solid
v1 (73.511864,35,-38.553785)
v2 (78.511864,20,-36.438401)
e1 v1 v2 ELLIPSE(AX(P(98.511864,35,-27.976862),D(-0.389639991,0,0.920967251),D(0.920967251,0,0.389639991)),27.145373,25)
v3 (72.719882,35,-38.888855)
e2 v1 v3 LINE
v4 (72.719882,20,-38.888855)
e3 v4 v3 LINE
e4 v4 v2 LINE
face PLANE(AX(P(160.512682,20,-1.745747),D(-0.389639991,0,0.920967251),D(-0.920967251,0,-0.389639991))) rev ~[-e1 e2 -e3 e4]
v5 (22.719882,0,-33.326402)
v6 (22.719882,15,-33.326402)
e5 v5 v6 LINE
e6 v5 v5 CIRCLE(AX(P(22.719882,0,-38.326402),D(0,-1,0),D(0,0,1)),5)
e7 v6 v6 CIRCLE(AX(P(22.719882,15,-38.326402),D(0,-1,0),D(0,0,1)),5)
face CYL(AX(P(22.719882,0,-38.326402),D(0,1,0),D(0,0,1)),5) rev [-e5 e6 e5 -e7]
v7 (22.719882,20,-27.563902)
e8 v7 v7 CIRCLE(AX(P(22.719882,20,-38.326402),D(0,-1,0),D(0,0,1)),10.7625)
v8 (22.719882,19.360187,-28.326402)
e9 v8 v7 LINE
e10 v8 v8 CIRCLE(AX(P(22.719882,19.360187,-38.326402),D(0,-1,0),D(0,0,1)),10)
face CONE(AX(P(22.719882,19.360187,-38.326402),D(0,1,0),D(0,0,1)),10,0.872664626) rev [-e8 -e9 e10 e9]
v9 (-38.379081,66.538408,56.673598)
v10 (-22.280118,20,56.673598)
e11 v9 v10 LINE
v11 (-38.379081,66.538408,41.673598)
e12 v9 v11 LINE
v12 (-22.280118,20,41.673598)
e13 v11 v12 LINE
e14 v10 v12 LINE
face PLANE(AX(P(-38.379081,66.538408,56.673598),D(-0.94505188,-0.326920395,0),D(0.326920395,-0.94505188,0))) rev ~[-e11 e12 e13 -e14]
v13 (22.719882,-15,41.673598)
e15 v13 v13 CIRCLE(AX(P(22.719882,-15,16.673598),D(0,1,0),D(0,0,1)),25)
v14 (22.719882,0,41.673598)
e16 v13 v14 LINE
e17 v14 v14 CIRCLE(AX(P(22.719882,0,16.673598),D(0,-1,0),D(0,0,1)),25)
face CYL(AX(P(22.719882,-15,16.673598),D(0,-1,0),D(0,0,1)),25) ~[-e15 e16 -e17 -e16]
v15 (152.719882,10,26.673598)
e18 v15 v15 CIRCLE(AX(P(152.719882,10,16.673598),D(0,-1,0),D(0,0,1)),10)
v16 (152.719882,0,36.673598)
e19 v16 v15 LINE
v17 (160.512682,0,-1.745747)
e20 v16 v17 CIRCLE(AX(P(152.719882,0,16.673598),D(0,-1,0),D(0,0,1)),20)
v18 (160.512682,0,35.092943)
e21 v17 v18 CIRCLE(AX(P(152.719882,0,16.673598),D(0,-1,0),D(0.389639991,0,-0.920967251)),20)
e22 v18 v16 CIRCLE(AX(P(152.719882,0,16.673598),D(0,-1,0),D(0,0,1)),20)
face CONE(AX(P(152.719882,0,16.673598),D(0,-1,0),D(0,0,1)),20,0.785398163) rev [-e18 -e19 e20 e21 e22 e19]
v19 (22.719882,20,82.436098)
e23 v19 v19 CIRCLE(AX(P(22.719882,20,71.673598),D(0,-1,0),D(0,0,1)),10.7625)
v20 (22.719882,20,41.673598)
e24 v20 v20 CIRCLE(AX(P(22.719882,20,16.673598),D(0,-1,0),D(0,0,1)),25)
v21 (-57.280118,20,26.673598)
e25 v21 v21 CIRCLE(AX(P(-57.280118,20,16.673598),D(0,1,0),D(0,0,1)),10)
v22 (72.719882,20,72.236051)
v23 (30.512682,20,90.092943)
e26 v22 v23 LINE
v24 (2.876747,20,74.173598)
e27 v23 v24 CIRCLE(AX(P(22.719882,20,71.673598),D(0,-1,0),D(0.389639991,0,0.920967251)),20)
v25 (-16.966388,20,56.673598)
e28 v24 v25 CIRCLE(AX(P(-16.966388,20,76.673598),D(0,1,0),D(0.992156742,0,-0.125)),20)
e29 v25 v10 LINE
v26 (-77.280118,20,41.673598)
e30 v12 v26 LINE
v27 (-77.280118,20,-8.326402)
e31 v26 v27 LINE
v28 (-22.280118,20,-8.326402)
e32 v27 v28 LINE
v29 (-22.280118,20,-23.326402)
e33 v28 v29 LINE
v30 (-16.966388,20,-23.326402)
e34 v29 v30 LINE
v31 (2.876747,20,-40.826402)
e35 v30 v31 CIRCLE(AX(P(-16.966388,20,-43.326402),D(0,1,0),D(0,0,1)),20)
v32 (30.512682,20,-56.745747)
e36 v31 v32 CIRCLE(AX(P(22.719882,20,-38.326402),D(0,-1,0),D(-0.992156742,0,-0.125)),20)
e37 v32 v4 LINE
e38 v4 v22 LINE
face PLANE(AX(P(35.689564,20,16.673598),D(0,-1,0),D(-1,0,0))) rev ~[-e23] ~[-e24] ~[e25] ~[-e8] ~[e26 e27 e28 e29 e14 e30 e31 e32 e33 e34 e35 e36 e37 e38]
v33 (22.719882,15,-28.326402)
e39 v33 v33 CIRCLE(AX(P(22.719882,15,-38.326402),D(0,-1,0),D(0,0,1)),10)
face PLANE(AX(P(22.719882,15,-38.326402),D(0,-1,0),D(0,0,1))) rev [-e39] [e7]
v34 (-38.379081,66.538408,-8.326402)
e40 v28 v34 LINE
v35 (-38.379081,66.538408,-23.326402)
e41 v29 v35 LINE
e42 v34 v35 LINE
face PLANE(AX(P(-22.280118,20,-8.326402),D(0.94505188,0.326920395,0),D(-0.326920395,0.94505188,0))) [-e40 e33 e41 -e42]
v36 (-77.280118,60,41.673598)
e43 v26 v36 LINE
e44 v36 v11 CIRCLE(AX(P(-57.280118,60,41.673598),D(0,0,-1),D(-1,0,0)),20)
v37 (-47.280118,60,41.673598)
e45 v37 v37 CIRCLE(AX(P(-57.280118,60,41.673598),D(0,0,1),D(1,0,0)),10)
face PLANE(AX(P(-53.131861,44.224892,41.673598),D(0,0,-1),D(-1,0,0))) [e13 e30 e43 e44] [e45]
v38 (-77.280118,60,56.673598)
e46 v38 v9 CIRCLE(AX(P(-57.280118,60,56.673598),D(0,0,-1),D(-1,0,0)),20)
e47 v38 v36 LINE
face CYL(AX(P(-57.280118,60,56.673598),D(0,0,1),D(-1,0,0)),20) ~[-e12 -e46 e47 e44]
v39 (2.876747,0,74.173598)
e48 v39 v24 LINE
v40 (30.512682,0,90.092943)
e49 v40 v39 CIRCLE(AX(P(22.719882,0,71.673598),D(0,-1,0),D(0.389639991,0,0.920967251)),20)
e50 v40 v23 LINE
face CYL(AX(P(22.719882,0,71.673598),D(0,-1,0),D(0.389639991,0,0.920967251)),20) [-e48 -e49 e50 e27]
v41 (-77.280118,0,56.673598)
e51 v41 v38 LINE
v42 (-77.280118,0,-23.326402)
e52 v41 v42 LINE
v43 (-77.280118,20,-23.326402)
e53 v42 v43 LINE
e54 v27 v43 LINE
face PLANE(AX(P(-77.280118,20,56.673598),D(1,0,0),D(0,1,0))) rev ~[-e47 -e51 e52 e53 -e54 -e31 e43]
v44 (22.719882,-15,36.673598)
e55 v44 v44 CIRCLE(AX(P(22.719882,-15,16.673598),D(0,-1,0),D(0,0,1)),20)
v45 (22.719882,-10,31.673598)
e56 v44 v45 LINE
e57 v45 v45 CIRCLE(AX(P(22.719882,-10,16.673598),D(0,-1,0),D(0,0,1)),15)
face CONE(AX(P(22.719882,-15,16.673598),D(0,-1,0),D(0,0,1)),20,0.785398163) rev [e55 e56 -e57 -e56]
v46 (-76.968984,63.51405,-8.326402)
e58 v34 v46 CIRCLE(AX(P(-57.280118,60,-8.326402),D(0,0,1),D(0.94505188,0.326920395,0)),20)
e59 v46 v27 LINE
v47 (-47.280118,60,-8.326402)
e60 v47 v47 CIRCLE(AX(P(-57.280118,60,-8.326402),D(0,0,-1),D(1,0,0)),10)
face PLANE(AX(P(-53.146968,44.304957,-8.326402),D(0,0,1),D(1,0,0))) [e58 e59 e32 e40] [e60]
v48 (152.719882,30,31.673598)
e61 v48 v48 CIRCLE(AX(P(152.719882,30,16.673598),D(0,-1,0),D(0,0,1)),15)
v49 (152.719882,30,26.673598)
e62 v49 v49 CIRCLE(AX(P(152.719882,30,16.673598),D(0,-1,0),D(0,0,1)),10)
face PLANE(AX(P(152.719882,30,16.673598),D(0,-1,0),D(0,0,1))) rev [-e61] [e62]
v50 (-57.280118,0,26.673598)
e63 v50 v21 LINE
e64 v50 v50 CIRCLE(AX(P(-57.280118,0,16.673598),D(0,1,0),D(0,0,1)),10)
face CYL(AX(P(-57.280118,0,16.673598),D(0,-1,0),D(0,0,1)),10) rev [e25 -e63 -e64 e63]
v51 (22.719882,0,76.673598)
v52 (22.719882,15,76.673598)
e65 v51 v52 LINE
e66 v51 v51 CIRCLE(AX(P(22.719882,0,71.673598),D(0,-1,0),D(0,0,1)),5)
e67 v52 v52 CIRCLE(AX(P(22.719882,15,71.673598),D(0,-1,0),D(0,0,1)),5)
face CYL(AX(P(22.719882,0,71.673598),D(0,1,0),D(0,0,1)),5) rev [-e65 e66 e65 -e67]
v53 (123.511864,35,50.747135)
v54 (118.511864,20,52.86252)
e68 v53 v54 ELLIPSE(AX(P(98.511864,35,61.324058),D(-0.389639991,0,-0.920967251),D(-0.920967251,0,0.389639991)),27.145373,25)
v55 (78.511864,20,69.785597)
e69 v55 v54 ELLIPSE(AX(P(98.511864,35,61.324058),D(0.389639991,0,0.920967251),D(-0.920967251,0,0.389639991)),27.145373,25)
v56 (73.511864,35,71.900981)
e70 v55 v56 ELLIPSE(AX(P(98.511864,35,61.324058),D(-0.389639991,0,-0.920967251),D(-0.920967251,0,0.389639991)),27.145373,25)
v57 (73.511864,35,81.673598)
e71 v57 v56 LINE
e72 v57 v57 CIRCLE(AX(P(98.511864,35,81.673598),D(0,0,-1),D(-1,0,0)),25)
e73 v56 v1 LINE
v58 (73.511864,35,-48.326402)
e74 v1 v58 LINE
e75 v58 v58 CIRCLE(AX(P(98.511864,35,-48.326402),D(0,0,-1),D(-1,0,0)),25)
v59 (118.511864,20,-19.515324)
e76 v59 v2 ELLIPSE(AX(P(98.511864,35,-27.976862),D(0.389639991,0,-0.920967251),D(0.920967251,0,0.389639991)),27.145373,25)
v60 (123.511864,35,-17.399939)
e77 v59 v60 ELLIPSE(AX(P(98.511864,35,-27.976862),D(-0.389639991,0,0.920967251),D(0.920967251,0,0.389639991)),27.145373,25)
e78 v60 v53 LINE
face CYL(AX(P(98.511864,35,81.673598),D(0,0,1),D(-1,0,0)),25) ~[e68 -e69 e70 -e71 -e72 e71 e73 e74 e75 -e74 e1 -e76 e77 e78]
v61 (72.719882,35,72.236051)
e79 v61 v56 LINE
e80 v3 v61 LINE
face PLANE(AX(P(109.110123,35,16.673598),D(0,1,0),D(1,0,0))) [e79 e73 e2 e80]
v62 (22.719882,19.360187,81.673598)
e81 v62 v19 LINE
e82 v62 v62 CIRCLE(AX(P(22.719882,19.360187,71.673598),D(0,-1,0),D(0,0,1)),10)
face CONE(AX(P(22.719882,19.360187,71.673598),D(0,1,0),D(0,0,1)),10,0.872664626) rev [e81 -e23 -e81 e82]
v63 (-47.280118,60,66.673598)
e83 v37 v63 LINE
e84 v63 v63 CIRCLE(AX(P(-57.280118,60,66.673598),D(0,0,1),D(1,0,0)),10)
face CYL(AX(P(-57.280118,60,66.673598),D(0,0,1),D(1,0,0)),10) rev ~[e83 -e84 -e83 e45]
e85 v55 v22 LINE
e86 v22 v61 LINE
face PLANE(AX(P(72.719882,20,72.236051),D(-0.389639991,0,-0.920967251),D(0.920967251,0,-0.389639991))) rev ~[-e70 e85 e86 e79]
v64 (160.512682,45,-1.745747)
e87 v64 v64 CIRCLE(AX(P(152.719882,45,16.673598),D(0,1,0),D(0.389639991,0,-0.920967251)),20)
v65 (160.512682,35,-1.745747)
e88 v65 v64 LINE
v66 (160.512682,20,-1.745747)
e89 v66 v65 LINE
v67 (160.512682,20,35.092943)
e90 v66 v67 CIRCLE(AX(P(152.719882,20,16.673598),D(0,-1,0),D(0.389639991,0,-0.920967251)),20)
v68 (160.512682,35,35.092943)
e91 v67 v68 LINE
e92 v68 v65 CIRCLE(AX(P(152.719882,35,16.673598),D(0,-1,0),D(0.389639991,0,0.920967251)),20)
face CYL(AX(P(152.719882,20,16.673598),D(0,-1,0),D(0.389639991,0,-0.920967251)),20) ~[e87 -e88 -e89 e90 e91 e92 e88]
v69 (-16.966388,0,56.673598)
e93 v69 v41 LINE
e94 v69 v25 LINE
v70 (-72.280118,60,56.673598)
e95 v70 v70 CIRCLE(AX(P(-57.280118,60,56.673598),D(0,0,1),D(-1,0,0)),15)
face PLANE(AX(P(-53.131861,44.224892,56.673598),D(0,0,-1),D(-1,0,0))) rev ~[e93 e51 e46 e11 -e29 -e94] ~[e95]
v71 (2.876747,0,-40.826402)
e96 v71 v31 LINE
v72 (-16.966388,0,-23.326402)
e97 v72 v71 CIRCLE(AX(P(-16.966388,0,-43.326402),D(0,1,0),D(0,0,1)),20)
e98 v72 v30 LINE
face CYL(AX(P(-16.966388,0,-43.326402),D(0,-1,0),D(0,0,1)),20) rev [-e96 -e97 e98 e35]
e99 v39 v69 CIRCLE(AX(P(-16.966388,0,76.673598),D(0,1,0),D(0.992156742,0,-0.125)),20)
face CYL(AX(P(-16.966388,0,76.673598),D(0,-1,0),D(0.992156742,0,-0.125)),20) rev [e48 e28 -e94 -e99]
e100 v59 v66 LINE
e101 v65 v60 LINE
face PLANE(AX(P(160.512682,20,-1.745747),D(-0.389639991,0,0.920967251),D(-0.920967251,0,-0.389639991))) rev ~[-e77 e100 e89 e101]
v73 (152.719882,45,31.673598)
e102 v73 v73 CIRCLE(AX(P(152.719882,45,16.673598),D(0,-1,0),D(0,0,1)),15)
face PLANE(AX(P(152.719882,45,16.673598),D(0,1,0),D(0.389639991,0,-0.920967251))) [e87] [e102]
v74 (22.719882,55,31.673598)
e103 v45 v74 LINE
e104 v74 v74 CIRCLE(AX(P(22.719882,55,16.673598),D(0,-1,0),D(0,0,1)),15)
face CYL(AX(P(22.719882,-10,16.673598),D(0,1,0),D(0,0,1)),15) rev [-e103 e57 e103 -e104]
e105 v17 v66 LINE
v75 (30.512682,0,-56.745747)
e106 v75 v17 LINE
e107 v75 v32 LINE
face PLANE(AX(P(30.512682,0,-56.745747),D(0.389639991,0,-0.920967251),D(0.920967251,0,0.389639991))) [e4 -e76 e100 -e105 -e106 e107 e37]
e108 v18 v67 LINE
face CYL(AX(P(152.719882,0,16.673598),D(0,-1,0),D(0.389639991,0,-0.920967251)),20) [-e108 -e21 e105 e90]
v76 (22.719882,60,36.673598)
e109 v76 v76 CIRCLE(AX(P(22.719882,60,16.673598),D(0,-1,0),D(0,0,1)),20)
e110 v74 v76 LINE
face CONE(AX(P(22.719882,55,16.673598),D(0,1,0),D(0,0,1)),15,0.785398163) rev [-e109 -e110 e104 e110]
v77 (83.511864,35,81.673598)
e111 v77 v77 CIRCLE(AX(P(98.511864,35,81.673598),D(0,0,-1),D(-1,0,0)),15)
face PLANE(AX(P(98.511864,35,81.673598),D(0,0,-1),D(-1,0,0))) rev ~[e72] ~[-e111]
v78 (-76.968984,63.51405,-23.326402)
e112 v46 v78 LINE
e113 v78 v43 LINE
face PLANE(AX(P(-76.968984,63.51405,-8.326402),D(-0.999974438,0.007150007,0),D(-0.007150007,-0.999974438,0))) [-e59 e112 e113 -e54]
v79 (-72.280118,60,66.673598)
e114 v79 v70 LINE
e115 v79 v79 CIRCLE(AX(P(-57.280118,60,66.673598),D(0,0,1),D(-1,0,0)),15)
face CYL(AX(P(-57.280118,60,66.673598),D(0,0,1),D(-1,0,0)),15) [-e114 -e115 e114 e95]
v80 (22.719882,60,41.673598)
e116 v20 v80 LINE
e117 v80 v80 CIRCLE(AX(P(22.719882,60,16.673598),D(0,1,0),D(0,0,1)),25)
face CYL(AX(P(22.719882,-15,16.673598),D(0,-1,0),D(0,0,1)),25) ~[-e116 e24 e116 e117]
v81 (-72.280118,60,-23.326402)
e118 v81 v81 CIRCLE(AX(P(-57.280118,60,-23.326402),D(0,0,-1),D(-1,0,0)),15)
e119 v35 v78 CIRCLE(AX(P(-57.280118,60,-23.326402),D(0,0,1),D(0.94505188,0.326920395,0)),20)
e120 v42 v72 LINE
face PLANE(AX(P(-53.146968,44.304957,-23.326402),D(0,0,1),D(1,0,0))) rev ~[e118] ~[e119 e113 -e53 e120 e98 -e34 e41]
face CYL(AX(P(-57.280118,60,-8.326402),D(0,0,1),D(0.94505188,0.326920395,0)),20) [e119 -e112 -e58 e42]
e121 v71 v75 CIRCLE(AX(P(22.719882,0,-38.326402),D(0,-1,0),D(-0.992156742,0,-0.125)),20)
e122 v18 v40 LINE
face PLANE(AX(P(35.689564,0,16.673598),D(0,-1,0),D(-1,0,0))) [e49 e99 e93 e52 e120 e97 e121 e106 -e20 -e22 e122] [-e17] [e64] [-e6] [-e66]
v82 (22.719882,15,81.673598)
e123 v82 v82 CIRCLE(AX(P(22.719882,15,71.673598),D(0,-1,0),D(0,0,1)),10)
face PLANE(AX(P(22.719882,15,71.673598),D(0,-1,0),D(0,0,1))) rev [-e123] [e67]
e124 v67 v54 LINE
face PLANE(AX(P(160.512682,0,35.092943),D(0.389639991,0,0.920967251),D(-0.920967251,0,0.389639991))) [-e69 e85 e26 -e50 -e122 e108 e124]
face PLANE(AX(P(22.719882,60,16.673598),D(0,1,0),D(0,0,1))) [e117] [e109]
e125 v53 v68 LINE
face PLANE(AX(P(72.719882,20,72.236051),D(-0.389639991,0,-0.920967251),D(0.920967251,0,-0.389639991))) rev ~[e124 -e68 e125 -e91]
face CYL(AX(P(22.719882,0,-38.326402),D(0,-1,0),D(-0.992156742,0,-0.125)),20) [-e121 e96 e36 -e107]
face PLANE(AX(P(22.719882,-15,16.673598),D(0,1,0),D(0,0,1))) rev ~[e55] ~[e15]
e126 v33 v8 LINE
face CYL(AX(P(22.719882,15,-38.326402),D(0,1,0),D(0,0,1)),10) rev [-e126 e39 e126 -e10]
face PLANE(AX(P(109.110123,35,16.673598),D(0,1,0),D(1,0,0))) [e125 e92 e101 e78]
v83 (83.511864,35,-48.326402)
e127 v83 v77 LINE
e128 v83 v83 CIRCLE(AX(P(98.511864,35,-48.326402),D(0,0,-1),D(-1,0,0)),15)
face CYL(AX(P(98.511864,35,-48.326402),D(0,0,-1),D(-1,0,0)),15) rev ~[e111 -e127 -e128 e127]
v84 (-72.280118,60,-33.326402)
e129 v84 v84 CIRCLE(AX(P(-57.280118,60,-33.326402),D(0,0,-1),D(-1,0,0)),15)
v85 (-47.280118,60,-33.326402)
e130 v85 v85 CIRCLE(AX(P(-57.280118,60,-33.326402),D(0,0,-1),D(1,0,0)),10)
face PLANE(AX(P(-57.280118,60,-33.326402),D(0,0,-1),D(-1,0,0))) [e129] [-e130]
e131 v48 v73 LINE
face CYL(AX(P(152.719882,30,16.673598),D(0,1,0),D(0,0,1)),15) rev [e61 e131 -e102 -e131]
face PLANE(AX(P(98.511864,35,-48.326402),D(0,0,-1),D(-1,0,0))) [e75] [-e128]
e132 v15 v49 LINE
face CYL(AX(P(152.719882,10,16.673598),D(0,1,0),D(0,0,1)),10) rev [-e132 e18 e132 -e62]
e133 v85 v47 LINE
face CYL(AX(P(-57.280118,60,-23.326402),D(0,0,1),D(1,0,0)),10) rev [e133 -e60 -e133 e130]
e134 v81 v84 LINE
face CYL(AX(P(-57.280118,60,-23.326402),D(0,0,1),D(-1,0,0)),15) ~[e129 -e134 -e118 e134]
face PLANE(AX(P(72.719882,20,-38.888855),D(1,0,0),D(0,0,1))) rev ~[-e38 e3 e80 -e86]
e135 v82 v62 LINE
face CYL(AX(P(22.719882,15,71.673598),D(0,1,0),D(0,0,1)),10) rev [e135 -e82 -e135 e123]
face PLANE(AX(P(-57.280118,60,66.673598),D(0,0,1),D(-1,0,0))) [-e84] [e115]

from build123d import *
from build123d.topology import SkipClean

# Parameters (mm, degrees)
SKETCH4_R                               = 10
BOSS_EXTRUDE1_DEPTH                     = 20
SKETCH5_R                               = 10
BOSS_EXTRUDE2_DEPTH                     = 15
BOSS_EXTRUDE4_START                     = 10
SKETCH6_R                               = 15
SKETCH6_R_2                             = 10
BOSS_EXTRUDE4_DEPTH                     = 10
BOSS_EXTRUDE6_START                     = -15
SKETCH10_R                              = 10
BOSS_EXTRUDE6_DEPTH                     = 15
SKETCH11_R                              = 15
SKETCH11_R_2                            = 10
BOSS_EXTRUDE7_DEPTH                     = 10
CBORE_FOR_M10_HEX_HEAD_BOLT2_AT_2_COUNT = 2
CBORE_FOR_M10_HEX_HEAD_BOLT2_AT_2_PITCH = 462.374719531
CBORE_FOR_M10_HEX_HEAD_BOLT2_AT_3_COUNT = 2
CBORE_FOR_M10_HEX_HEAD_BOLT2_AT_3_PITCH = 110
BOSS_EXTRUDE8_DEPTH                     = 40
BOSS_EXTRUDE8_DEPTH_BACK                = 35
SKETCH12_R                              = 25
SKETCH19_R                              = 20
BOSS_EXTRUDE9_DEPTH                     = 25
BOSS_EXTRUDE10_DEPTH                    = 15
BOSS_EXTRUDE14_DEPTH                    = 65
BOSS_EXTRUDE14_DEPTH_BACK               = 65
SKETCH28_R                              = 25
SKETCH29_R                              = 15
CUT_EXTRUDE2_DEPTH                      = 181


with BuildPart() as part:
    # Sketch4 → Boss-Extrude1 (new body)
    with BuildSketch(Plane(origin=(0, 0, 0), x_dir=(1, 0, 0), z_dir=(0, 1, 0))):
        with BuildLine():
            Line((-77.28011811, -56.673598022), (-77.28011811, 23.326401978))
            Line((-77.28011811, 23.326401978), (-16.966387776, 23.326401978))
            ThreePointArc((-16.966387776, 23.326401978), (-3.737631221, 28.326401978), (2.876747057, 40.826401978))
            ThreePointArc((2.876747057, 40.826401978), (12.736944948, 55.656750215), (30.512681706, 56.745747))
            Line((30.512681706, 56.745747), (160.512681706, 1.745747))
            ThreePointArc((160.512681706, 1.745747), (172.71988189, -16.673598022), (160.512681706, -35.092943043))
            Line((160.512681706, -35.092943043), (30.512681706, -90.092943043))
            ThreePointArc((30.512681706, -90.092943043), (12.736944948, -89.003946259), (2.876747057, -74.173598022))
            ThreePointArc((2.876747057, -74.173598022), (-3.737631221, -61.673598022), (-16.966387776, -56.673598022))
            Line((-16.966387776, -56.673598022), (-77.28011811, -56.673598022))
        make_face()
        with Locations((-57.28011811, -16.673598022)):
            Circle(SKETCH4_R, mode=Mode.SUBTRACT)
    extrude(amount=BOSS_EXTRUDE1_DEPTH)

    # Sketch5 → Boss-Extrude2 (add)
    with BuildSketch(Plane.XY.offset(56.673598022)):
        with BuildLine():
            Line((-77.28011811, 20), (-77.28011811, 60))
            ThreePointArc((-77.28011811, 60), (-60.595178298, 79.723345962), (-38.379080515, 66.538407896))
            Line((-38.379080515, 66.538407896), (-22.28011811, 20))
            Line((-22.28011811, 20), (-77.28011811, 20))
        make_face()
        with Locations((-57.28011811, 60)):
            Circle(SKETCH5_R, mode=Mode.SUBTRACT)
    extrude(amount=-BOSS_EXTRUDE2_DEPTH)

    # Sketch6 → Boss-Extrude4 (add)
    with BuildSketch(Plane.XY.offset(56.673598022).offset(BOSS_EXTRUDE4_START)):
        with Locations((-57.28011811, 60)):
            Circle(SKETCH6_R)
        with Locations((-57.28011811, 60)):
            Circle(SKETCH6_R_2, mode=Mode.SUBTRACT)
    extrude(amount=-BOSS_EXTRUDE4_DEPTH)

    # Sketch10 → Boss-Extrude6 (add)
    with BuildSketch(Plane(origin=(0, 0, -23.326401978), x_dir=(-1, 0, 0), z_dir=(0, 0, -1)).offset(BOSS_EXTRUDE6_START)):
        with BuildLine():
            Line((22.28011811, 20), (38.379080515, 66.538407896))
            ThreePointArc((38.379080515, 66.538407896), (58.842761472, 79.938860191), (76.96898439, 63.514049605))
            Line((76.96898439, 63.514049605), (77.28011811, 20))
            Line((77.28011811, 20), (22.28011811, 20))
        make_face()
        with Locations((57.28011811, 60)):
            Circle(SKETCH10_R, mode=Mode.SUBTRACT)
    extrude(amount=BOSS_EXTRUDE6_DEPTH)

    # Sketch11 → Boss-Extrude7 (add)
    with BuildSketch(Plane(origin=(0, 0, -23.326401978), x_dir=(-1, 0, 0), z_dir=(0, 0, -1))):
        with Locations((57.28011811, 60)):
            Circle(SKETCH11_R)
        with Locations((57.28011811, 60)):
            Circle(SKETCH11_R_2, mode=Mode.SUBTRACT)
    extrude(amount=BOSS_EXTRUDE7_DEPTH)

    # Sketch16 → CBORE for M10 Hex Head Bolt2 (revolve, cut)
    with BuildSketch(Plane(origin=(22.71988189, 20, 71.673598022), x_dir=(0, 0, 1), z_dir=(1, 0, 0))):
        Polygon((0, 0), (0, 20), (5, 20), (5, 5), (10, 5), (10, 0.639813469), (10.7625, 0), align=None)
    cbore_for_m10_hex_head_bolt2 = revolve(axis=Axis((22.71988189, 26.35, 71.673598022), (0, -1, 0)), mode=Mode.SUBTRACT)

    # CBORE for M10 Hex Head Bolt2 at 2: CBORE for M10 Hex Head Bolt2 ×2
    with Locations(*[Vector(-0.05491608922209683, 0, -0.9984909729910185) * (i * CBORE_FOR_M10_HEX_HEAD_BOLT2_AT_2_PITCH) for i in range(1, CBORE_FOR_M10_HEX_HEAD_BOLT2_AT_2_COUNT)]):
        add(cbore_for_m10_hex_head_bolt2, mode=Mode.SUBTRACT)

    # CBORE for M10 Hex Head Bolt2 at 3: CBORE for M10 Hex Head Bolt2 ×2
    with Locations(*[(0, 0, -i * CBORE_FOR_M10_HEX_HEAD_BOLT2_AT_3_PITCH) for i in range(1, CBORE_FOR_M10_HEX_HEAD_BOLT2_AT_3_COUNT)]):
        add(cbore_for_m10_hex_head_bolt2, mode=Mode.SUBTRACT)

    # Sketch12 → Boss-Extrude8 (add, two sides: drawn at the far end of the back side and taken through both)
    with BuildSketch(Plane(origin=(0, 20, 0), x_dir=(1, 0, 0), z_dir=(0, 1, 0)).offset(-BOSS_EXTRUDE8_DEPTH_BACK)):
        with Locations((22.71988189, -16.673598022)):
            Circle(SKETCH12_R)
    extrude(amount=BOSS_EXTRUDE8_DEPTH + BOSS_EXTRUDE8_DEPTH_BACK)

    # Sketch18 → CSK for M10 Countersunk Flat Head Screw1 (revolve, cut)
    with BuildSketch(Plane(origin=(22.71988189, 60, 16.673598022), x_dir=(0, 0, 1), z_dir=(1, 0, 0))):
        Polygon((0, 0), (0, 75), (20, 75), (15, 70), (15, 5), (20, 0), align=None)
    revolve(axis=Axis((22.71988189, 66.35, 16.673598022), (0, -1, 0)), mode=Mode.SUBTRACT)

    # Sketch19 → Boss-Extrude9 (add)
    with BuildSketch(Plane(origin=(0, 20, 0), x_dir=(1, 0, 0), z_dir=(0, 1, 0))):
        with Locations((152.71988189, -16.673598022)):
            Circle(SKETCH19_R)
    extrude(amount=BOSS_EXTRUDE9_DEPTH)

    # Sketch20 → CBORE for M10 Hex Head Bolt3 (revolve, cut)
    with SkipClean():  # the faces are left unmerged after this step: merging them gives an invalid solid
        with BuildSketch(Plane(origin=(152.71988189, 45, 16.673598022), x_dir=(0, 0, 1), z_dir=(1, 0, 0))):
            Polygon((0, 0), (0, 45), (20, 45), (10, 35), (10, 15), (15, 15), (15, 0), align=None)
        revolve(axis=Axis((152.71988189, 51.35, 16.673598022), (0, -1, 0)), mode=Mode.SUBTRACT)

    # Sketch23 → Boss-Extrude10 (add)
    with BuildSketch(Plane(origin=(0, 20, 0), x_dir=(1, 0, 0), z_dir=(0, 1, 0))):
        with BuildLine():
            ThreePointArc((160.512681706, -35.092943043), (132.71988189, -16.673598022), (160.512681706, 1.745747))
            Line((160.512681706, 1.745747), (72.71988189, 38.888854614))
            Line((72.71988189, 38.888854614), (72.71988189, -72.236050658))
            Line((72.71988189, -72.236050658), (160.512681706, -35.092943043))
        make_face()
    extrude(amount=BOSS_EXTRUDE10_DEPTH)

    # Sketch28 → Boss-Extrude14 (add, two sides: drawn at the far end of the back side and taken through both)
    with BuildSketch(Plane(origin=(0, 0, 16.673598022), x_dir=(-1, 0, 0), z_dir=(0, 0, -1)).offset(-BOSS_EXTRUDE14_DEPTH_BACK)):
        with Locations((-98.511863988, 35)):
            Circle(SKETCH28_R)
    extrude(amount=BOSS_EXTRUDE14_DEPTH + BOSS_EXTRUDE14_DEPTH_BACK)

    # Sketch29 → Cut-Extrude2 (cut)
    with BuildSketch(Plane(origin=(0, 0, -48.326401978), x_dir=(-1, 0, 0), z_dir=(0, 0, -1))):
        with Locations((-98.511863988, 35)):
            Circle(SKETCH29_R)
    extrude(amount=-CUT_EXTRUDE2_DEPTH, mode=Mode.SUBTRACT)


solid = part.part
